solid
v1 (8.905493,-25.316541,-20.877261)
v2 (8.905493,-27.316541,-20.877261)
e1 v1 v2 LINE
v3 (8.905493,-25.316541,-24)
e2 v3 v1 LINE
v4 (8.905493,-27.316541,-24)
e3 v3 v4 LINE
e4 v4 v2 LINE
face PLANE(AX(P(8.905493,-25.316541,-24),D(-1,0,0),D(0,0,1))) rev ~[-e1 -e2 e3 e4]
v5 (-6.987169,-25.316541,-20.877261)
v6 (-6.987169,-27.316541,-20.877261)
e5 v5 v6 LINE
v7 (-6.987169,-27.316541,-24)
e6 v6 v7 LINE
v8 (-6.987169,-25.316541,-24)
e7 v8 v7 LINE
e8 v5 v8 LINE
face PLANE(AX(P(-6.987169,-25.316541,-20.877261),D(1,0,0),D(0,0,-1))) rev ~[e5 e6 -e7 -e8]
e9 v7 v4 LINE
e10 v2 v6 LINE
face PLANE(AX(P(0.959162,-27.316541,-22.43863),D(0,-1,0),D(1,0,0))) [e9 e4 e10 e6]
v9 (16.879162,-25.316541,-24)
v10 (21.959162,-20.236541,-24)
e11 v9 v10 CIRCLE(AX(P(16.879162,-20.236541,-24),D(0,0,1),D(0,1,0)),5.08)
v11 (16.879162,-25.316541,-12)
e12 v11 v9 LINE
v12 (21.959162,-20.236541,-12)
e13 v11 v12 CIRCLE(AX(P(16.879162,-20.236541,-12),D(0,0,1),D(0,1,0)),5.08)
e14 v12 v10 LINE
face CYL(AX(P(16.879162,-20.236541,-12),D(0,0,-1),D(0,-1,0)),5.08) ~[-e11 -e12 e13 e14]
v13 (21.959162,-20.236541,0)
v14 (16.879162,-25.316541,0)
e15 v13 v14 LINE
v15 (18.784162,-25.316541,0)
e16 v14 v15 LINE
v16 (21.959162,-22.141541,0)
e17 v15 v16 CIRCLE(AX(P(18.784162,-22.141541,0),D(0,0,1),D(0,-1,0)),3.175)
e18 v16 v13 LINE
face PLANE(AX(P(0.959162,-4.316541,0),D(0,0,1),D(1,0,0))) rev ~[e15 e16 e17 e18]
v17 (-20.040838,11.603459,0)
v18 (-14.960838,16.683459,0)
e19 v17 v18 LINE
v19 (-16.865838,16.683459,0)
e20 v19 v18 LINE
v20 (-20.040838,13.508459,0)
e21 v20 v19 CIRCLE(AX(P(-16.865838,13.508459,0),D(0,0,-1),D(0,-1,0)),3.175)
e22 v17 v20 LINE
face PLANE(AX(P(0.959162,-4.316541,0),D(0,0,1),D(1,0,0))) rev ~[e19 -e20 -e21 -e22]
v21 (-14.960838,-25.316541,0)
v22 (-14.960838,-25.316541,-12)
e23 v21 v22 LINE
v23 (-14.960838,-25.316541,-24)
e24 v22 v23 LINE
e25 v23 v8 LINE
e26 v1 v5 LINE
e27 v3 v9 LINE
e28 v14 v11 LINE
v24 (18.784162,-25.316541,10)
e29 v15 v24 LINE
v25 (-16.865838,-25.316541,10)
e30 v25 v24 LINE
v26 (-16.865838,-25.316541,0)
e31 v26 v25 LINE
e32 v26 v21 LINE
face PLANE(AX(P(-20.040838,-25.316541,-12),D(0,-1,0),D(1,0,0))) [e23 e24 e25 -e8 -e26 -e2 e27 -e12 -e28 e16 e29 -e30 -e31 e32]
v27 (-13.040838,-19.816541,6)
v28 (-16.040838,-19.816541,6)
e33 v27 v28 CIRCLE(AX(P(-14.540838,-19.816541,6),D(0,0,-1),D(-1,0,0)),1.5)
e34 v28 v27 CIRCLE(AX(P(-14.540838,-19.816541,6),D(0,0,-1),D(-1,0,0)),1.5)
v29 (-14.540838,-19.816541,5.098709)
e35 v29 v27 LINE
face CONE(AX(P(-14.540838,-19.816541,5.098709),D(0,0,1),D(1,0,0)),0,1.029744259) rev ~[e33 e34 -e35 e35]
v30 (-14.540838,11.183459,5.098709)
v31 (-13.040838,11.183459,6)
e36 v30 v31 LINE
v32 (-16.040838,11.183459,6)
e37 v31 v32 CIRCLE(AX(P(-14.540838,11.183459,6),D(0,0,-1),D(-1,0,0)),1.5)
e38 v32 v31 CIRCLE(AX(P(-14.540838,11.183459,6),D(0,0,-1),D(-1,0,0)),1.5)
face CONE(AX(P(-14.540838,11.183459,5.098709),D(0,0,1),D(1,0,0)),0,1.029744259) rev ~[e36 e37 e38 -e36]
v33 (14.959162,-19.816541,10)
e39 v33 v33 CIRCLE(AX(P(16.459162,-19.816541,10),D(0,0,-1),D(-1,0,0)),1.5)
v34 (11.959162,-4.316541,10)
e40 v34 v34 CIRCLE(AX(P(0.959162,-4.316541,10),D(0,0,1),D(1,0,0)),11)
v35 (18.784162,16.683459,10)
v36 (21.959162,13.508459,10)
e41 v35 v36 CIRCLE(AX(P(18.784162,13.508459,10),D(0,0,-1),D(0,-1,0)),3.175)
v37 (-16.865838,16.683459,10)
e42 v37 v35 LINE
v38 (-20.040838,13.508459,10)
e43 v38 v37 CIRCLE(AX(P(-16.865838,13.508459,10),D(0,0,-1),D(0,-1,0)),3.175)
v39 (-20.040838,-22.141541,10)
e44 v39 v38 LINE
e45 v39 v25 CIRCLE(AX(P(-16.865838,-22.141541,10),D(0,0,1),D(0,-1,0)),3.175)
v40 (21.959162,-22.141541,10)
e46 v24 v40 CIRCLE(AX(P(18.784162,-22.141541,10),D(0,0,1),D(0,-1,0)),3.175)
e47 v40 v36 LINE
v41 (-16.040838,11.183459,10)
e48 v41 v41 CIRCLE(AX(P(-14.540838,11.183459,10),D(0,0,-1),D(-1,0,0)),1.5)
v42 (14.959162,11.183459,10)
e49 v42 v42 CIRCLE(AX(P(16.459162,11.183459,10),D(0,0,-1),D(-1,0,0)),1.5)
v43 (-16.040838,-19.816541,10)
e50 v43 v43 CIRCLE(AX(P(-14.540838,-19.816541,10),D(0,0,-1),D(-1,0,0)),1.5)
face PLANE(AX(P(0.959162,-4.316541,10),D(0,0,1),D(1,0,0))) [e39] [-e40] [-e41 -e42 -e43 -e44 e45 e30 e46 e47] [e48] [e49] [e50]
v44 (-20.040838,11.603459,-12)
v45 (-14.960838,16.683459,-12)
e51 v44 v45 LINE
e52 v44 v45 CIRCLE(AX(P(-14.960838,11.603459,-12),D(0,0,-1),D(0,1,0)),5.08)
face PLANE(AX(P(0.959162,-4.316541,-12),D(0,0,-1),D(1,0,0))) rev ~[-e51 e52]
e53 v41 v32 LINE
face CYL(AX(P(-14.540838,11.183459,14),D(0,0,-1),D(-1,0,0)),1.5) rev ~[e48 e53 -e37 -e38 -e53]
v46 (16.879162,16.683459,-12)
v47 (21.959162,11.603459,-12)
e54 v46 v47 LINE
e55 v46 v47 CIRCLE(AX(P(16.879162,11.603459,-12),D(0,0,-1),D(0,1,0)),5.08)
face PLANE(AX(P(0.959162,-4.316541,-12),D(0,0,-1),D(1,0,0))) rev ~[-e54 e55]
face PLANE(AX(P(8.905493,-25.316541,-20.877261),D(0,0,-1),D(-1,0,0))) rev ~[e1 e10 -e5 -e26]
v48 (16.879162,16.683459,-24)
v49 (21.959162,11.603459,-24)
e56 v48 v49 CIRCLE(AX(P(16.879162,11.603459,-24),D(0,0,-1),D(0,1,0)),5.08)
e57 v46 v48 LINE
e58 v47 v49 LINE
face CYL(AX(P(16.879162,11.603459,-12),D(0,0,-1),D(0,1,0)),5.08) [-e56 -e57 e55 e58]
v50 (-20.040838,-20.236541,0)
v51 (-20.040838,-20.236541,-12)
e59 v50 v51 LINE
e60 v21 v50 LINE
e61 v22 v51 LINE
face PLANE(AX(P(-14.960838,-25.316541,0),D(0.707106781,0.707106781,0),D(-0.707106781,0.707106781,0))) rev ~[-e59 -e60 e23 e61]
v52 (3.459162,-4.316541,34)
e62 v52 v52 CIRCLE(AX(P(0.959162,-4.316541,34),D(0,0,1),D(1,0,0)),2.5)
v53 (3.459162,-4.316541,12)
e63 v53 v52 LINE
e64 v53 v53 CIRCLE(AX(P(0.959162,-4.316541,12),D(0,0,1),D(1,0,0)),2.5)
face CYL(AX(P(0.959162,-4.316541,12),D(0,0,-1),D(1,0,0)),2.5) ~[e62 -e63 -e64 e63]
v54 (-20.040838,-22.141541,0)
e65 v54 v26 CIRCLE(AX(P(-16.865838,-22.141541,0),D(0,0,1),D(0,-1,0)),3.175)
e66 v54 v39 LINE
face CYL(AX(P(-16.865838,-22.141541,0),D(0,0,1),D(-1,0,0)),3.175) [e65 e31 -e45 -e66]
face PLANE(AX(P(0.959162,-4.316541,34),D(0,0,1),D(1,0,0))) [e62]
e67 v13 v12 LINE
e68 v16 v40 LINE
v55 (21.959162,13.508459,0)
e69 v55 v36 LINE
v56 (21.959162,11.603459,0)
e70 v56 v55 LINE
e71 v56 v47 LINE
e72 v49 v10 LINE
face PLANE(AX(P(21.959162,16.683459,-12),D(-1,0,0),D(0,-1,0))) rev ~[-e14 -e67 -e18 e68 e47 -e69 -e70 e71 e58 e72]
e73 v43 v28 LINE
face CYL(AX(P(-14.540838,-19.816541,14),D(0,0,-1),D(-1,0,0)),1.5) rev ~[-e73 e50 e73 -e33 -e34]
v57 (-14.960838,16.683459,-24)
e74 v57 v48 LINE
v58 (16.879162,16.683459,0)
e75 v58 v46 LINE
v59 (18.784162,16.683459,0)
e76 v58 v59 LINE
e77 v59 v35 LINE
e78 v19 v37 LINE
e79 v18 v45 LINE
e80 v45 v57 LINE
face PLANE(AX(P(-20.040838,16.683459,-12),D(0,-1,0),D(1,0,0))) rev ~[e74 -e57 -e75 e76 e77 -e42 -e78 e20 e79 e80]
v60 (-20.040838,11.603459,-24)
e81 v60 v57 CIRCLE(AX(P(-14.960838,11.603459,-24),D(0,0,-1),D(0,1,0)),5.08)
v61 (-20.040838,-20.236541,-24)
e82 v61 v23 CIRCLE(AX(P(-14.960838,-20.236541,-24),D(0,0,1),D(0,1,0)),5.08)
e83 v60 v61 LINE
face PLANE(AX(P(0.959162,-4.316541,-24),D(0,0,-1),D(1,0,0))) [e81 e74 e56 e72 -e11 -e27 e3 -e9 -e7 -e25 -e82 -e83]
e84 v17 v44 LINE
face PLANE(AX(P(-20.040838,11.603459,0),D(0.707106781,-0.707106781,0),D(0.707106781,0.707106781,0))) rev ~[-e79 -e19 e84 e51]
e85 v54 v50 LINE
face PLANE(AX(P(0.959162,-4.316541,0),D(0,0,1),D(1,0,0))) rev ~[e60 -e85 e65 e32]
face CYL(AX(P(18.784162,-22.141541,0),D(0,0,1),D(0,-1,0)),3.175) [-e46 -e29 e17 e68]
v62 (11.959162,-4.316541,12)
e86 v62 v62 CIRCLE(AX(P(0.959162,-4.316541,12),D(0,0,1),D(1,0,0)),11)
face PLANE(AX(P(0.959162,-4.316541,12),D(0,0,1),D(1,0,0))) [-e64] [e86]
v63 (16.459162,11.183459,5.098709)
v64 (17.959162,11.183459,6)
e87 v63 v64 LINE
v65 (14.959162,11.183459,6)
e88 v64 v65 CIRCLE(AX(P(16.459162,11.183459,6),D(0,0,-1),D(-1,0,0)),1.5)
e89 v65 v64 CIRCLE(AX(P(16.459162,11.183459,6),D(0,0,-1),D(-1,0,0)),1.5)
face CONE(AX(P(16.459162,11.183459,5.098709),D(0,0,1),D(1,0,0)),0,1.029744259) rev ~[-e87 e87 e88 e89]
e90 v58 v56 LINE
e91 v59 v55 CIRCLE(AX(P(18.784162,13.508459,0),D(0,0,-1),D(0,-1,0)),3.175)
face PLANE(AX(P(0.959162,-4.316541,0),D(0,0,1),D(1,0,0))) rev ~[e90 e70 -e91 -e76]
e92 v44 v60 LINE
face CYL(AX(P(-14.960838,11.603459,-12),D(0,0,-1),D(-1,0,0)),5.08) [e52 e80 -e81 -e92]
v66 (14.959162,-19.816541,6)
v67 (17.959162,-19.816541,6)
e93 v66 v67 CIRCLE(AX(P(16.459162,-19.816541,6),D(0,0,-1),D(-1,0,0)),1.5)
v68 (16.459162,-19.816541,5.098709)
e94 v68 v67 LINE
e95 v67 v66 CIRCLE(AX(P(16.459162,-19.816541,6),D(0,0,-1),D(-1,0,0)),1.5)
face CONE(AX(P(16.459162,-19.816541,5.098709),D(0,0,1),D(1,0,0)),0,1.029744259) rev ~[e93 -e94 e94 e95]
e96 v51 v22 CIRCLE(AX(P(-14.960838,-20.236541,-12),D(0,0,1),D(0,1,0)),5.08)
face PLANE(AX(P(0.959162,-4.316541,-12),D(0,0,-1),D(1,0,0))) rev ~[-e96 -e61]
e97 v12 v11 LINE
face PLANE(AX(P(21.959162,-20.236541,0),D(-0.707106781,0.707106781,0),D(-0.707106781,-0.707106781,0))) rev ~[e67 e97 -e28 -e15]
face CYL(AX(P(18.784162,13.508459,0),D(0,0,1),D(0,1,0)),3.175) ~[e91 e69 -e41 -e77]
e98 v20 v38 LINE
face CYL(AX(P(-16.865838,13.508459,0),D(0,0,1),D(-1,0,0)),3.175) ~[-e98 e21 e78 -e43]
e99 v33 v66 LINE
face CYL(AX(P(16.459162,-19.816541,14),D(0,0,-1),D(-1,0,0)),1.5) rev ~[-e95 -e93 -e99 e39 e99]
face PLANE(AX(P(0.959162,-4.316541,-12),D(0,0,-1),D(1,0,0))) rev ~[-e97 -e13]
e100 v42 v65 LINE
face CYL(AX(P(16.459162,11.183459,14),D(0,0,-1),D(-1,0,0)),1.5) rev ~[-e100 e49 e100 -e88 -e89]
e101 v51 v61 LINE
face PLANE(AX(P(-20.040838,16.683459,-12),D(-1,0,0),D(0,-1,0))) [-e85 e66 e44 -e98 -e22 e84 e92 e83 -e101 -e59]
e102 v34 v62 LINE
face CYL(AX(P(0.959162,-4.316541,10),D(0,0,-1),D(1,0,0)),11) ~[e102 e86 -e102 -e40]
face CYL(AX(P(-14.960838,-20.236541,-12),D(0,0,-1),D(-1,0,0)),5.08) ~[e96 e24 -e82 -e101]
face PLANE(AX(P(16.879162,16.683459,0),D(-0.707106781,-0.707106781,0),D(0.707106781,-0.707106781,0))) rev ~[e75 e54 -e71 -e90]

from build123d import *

# Parameters (mm, degrees)
F0_W      = 42
F0_H      = 42
F1_DEPTH  = 10
F2_R      = 11
F3_DEPTH  = 2
F4_R      = 3.175
F6_DEPTH  = 12
F7_W      = 42
F7_H      = 42
F8_DEPTH  = 12
F9_R      = 5.08
F11_D     = 3
F11_DEPTH = 4
F11_TIP   = 0.9012909285
F12_R     = 2.5
F13_DEPTH = 22
F15_DEPTH = 2


with BuildPart() as f1:
    # F0 (on Top) → F1 (new body)
    with BuildSketch(Plane.XY):
        with Locations((0.959161669, -4.3165409938)):
            Rectangle(F0_W, F0_H)
    extrude(amount=F1_DEPTH)

    # F2 (on face) → F3 (join)
    with BuildSketch(Plane.XY.offset(10)):
        with Locations((0.959161669, -4.3165409938)):
            Circle(F2_R)
    extrude(amount=F3_DEPTH)

    # F4
    f4_edges = [f1.edges().sort_by_distance(p)[0] for p in [
        (21.959162, -25.316541, 5),
        (21.959162, 16.683459, 5),
        (-20.040838, 16.683459, 5),
        (-20.040838, -25.316541, 5),
    ]]
    fillet(f4_edges, radius=F4_R)

    # F5 (on face) → F6 (join)
    with BuildSketch(Plane(origin=(0, 0, 0), x_dir=(1, 0, 0), z_dir=(0, 0, -1))):
        Polygon((-20.040838331, 20.2365409938), (-20.040838331, -11.6034590062), (-14.960838331, -16.6834590062), (0.959161669, -16.6834590062), (16.879161669, -16.6834590062), (21.959161669, -11.6034590062), (21.959161669, 20.2365409938), (16.879161669, 25.3165409938), (0.959161669, 25.3165409938), (-14.960838331, 25.3165409938), align=None)
    extrude(amount=F6_DEPTH)

    # F7 (on face) → F8 (join)
    with BuildSketch(Plane(origin=(0, 0, -12), x_dir=(1, 0, 0), z_dir=(0, 0, -1))):
        with Locations((0.959161669, 4.3165409938)):
            Rectangle(F7_W, F7_H)
    extrude(amount=F8_DEPTH)

    # F9
    f9_edges = [f1.edges().sort_by_distance(p)[0] for p in [
        (21.959162, 16.683459, -18),
        (21.959162, -25.316541, -18),
        (-20.040838, 16.683459, -18),
        (-20.040838, -25.316541, -18),
    ]]
    fillet(f9_edges, radius=F9_R)

    # F11
    with Locations(Plane.XY.offset(10)):
        with Locations((-14.540838331, 11.1834590062), (-14.540838331, -19.8165409938), (16.459161669, -19.8165409938), (16.459161669, 11.1834590062)):
            Hole(F11_D / 2, depth=F11_DEPTH)
            with Locations((0, 0, -(F11_DEPTH + F11_TIP / 2))):  # 118° drill point
                Cone(0, F11_D / 2, F11_TIP, mode=Mode.SUBTRACT)

    # F12 (on face) → F13 (join)
    with BuildSketch(Plane.XY.offset(12)):
        with Locations((0.959161669, -4.3165409938)):
            Circle(F12_R)
    extrude(amount=F13_DEPTH)

    # F14 (on face) → F15 (join)
    with BuildSketch(Plane.XZ.offset(25.3165409938)):
        Polygon((-6.987169385, -24), (0.959161669, -24), (8.905492723, -24), (8.905492723, -20.8772607148), (0.959161669, -20.8772607148), (-6.987169385, -20.8772607148), align=None)
    extrude(amount=F15_DEPTH)


solid = f1.part
